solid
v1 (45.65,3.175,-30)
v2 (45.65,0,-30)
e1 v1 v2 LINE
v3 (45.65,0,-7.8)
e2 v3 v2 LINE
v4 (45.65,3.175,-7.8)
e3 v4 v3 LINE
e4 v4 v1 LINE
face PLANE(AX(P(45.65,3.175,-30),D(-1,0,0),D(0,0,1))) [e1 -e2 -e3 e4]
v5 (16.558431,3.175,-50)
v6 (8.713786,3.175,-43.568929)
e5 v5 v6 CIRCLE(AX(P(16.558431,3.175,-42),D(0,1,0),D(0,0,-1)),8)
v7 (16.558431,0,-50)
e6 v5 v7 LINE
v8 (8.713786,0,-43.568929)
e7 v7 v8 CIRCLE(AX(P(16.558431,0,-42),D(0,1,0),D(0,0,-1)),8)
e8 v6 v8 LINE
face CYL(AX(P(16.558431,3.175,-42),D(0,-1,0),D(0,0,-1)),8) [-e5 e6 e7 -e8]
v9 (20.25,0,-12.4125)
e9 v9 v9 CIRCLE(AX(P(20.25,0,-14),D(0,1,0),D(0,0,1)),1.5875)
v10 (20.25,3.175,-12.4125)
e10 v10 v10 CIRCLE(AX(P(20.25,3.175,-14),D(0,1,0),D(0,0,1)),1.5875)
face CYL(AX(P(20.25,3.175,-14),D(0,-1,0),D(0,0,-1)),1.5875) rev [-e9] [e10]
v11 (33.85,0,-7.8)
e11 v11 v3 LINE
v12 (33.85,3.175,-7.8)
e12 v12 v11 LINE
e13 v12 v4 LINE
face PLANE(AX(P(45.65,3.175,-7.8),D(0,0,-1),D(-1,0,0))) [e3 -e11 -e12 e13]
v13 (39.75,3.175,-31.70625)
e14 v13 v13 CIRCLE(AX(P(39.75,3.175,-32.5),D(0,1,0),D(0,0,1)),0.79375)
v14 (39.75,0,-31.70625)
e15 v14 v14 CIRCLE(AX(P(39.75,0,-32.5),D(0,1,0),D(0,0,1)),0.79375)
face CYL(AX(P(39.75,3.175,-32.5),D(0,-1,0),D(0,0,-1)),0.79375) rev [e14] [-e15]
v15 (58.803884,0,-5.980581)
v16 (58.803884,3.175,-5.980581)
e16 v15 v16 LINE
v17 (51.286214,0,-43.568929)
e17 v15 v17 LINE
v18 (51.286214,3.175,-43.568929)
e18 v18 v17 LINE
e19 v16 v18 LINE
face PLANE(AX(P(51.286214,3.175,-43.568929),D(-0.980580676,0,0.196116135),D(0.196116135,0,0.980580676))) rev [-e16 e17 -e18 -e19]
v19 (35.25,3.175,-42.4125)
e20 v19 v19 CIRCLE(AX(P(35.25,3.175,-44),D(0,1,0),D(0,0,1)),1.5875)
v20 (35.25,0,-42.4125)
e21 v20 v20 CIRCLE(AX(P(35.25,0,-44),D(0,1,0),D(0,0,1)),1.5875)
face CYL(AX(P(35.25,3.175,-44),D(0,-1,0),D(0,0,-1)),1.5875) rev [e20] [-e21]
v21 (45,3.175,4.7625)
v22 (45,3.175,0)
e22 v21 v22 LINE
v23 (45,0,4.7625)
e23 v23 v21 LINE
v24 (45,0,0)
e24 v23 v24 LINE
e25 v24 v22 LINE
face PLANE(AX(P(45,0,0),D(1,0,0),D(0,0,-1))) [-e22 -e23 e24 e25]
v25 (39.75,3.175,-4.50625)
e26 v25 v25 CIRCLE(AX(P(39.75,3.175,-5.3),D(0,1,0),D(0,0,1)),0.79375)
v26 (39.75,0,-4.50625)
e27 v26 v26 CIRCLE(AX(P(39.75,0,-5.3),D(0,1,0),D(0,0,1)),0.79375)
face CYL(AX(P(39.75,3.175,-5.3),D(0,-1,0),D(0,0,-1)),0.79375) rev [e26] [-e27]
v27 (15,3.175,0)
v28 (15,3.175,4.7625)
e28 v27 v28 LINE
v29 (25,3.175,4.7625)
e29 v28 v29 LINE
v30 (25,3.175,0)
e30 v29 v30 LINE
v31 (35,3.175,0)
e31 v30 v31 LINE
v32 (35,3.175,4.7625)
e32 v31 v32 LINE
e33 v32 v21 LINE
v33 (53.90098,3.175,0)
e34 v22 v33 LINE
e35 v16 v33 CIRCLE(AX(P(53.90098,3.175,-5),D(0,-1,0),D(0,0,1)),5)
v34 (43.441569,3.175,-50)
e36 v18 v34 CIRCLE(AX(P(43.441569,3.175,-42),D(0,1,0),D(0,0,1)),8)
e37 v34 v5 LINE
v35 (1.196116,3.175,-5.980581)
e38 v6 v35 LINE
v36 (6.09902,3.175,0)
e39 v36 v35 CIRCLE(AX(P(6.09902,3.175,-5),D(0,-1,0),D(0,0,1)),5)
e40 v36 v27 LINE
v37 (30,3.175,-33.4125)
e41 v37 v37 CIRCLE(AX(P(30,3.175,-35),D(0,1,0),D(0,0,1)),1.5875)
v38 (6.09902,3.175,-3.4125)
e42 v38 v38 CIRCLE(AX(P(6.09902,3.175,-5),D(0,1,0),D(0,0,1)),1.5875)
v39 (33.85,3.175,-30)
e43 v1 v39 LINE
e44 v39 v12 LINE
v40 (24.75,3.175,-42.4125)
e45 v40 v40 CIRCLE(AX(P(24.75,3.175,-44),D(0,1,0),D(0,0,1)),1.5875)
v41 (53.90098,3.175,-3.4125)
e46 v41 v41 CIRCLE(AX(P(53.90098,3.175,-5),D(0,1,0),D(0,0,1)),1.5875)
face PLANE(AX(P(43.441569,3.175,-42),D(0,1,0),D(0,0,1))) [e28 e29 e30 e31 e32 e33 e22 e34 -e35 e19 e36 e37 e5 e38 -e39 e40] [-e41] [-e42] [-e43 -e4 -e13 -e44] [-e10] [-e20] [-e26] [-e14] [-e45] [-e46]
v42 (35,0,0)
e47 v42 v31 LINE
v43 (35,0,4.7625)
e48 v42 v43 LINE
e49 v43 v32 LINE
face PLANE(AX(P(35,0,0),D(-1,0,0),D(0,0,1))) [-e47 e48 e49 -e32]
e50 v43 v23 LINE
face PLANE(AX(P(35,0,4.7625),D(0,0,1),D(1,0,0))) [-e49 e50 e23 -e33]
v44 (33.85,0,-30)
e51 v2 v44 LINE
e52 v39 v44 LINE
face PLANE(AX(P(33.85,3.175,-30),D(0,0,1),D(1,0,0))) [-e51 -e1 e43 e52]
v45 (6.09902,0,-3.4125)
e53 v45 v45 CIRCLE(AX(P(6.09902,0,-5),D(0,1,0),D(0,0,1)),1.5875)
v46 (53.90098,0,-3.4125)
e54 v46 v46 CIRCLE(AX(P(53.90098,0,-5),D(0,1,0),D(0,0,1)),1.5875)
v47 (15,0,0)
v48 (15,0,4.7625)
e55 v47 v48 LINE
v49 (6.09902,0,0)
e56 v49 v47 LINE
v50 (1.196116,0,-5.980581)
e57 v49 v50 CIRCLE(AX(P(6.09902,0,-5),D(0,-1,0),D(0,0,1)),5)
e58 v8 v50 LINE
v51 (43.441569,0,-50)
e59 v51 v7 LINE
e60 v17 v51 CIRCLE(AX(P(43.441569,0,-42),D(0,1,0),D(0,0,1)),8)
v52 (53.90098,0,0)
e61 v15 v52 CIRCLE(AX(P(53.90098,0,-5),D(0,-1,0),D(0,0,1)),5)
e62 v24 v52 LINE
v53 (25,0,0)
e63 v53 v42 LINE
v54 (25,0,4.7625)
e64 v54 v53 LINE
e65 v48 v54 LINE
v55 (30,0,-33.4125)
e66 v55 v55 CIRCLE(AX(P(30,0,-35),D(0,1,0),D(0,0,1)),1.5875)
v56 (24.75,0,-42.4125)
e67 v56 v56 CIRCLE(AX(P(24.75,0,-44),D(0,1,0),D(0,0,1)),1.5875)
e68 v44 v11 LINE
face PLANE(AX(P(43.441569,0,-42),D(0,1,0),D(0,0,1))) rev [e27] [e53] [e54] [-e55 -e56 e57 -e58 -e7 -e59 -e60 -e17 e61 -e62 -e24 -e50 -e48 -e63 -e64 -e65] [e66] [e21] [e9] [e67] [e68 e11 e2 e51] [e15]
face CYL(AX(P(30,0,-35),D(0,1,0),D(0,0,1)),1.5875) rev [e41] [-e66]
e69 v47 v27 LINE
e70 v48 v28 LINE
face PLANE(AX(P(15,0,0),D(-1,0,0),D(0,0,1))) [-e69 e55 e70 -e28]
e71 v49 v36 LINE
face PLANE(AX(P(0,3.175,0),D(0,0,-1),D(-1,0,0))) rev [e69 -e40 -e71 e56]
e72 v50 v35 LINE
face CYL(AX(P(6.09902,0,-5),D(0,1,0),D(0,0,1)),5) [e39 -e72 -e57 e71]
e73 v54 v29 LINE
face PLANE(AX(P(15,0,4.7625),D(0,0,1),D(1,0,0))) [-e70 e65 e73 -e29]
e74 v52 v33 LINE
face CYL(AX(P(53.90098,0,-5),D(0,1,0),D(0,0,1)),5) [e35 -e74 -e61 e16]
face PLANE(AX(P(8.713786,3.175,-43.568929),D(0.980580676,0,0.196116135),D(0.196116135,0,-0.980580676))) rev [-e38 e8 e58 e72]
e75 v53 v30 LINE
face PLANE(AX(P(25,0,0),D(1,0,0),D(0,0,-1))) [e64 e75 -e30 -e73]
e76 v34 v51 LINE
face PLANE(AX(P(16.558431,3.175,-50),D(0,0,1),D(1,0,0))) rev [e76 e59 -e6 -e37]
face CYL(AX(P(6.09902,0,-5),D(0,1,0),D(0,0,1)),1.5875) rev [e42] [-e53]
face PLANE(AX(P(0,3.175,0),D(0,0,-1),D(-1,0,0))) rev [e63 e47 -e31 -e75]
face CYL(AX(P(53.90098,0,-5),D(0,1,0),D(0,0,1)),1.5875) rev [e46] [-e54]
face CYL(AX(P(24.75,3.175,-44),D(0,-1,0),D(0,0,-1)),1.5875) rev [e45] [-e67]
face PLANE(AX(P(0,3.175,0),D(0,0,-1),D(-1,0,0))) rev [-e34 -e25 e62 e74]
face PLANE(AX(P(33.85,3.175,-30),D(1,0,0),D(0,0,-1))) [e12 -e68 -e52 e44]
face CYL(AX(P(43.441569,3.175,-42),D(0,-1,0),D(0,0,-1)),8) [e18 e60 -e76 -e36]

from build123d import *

# Parameters (mm, degrees)
CROQUIS1_R              = 0.79375
CROQUIS1_R_2            = 1.5875
CROQUIS1_W              = 11.8
CROQUIS1_H              = 22.2
SALIENTE_EXTRUIR1_DEPTH = 3.175
CROQUIS2_R              = 1.5875
CORTAR_EXTRUIR1_DEPTH   = 3.175
CROQUIS3_W              = 10
CROQUIS3_H              = 4.7625
SALIENTE_EXTRUIR2_DEPTH = 3.175


with BuildPart() as part:
    # Croquis1 → Saliente-Extruir1 (new body)
    with BuildSketch(Plane(origin=(0, 0, 0), x_dir=(1, 0, 0), z_dir=(0, 1, 0))):
        with BuildLine():
            Line((8.713785816, 43.568929081), (0, 0))
            Line((0, 0), (60, 0))
            Line((60, 0), (51.286214184, 43.568929081))
            ThreePointArc((51.286214184, 43.568929081), (48.513480023, 48.186737131), (43.441568778, 50))
            Line((43.441568778, 50), (16.558431222, 50))
            ThreePointArc((16.558431222, 50), (11.486519977, 48.186737131), (8.713785816, 43.568929081))
        make_face()
        with Locations((39.75, 5.3)):
            Circle(CROQUIS1_R, mode=Mode.SUBTRACT)
        with Locations((39.75, 32.5)):
            Circle(CROQUIS1_R, mode=Mode.SUBTRACT)
        with Locations((20.25, 14)):
            Circle(CROQUIS1_R_2, mode=Mode.SUBTRACT)
        with Locations((24.75, 44)):
            Circle(CROQUIS1_R_2, mode=Mode.SUBTRACT)
        with Locations((35.25, 44)):
            Circle(CROQUIS1_R_2, mode=Mode.SUBTRACT)
        with Locations((39.75, 18.9)):
            Rectangle(CROQUIS1_W, CROQUIS1_H, mode=Mode.SUBTRACT)
    extrude(amount=SALIENTE_EXTRUIR1_DEPTH)

    # Croquis2 → Cortar-Extruir1 (cut)
    with BuildSketch(Plane(origin=(0, 3.175, 0), x_dir=(1, 0, 0), z_dir=(0, 1, 0))):
        with Locations((30, 35)):
            Circle(CROQUIS2_R)
        with Locations((6.099019514, 5)):
            Circle(CROQUIS2_R)
        with Locations((53.900980486, 5)):
            Circle(CROQUIS2_R)
        with BuildLine():
            Line((53.900980486, 0), (60, 0))
            Line((60, 0), (58.803883865, 5.980580676))
            ThreePointArc((58.803883865, 5.980580676), (57.767691193, 1.830055472), (53.900980486, 0))
        make_face()
        with BuildLine():
            Line((1.196116135, 5.980580676), (0, 0))
            Line((0, 0), (6.099019514, 0))
            ThreePointArc((6.099019514, 0), (2.232308807, 1.830055472), (1.196116135, 5.980580676))
        make_face()
    extrude(amount=-CORTAR_EXTRUIR1_DEPTH, mode=Mode.SUBTRACT)

    # Croquis3 → Saliente-Extruir2 (add)
    with BuildSketch(Plane(origin=(0, 3.175, 0), x_dir=(1, 0, 0), z_dir=(0, 1, 0))):
        with Locations((20, -2.38125)):
            Rectangle(CROQUIS3_W, CROQUIS3_H)
        with Locations((40, -2.38125)):
            Rectangle(CROQUIS3_W, CROQUIS3_H)
    extrude(amount=-SALIENTE_EXTRUIR2_DEPTH)


solid = part.part
